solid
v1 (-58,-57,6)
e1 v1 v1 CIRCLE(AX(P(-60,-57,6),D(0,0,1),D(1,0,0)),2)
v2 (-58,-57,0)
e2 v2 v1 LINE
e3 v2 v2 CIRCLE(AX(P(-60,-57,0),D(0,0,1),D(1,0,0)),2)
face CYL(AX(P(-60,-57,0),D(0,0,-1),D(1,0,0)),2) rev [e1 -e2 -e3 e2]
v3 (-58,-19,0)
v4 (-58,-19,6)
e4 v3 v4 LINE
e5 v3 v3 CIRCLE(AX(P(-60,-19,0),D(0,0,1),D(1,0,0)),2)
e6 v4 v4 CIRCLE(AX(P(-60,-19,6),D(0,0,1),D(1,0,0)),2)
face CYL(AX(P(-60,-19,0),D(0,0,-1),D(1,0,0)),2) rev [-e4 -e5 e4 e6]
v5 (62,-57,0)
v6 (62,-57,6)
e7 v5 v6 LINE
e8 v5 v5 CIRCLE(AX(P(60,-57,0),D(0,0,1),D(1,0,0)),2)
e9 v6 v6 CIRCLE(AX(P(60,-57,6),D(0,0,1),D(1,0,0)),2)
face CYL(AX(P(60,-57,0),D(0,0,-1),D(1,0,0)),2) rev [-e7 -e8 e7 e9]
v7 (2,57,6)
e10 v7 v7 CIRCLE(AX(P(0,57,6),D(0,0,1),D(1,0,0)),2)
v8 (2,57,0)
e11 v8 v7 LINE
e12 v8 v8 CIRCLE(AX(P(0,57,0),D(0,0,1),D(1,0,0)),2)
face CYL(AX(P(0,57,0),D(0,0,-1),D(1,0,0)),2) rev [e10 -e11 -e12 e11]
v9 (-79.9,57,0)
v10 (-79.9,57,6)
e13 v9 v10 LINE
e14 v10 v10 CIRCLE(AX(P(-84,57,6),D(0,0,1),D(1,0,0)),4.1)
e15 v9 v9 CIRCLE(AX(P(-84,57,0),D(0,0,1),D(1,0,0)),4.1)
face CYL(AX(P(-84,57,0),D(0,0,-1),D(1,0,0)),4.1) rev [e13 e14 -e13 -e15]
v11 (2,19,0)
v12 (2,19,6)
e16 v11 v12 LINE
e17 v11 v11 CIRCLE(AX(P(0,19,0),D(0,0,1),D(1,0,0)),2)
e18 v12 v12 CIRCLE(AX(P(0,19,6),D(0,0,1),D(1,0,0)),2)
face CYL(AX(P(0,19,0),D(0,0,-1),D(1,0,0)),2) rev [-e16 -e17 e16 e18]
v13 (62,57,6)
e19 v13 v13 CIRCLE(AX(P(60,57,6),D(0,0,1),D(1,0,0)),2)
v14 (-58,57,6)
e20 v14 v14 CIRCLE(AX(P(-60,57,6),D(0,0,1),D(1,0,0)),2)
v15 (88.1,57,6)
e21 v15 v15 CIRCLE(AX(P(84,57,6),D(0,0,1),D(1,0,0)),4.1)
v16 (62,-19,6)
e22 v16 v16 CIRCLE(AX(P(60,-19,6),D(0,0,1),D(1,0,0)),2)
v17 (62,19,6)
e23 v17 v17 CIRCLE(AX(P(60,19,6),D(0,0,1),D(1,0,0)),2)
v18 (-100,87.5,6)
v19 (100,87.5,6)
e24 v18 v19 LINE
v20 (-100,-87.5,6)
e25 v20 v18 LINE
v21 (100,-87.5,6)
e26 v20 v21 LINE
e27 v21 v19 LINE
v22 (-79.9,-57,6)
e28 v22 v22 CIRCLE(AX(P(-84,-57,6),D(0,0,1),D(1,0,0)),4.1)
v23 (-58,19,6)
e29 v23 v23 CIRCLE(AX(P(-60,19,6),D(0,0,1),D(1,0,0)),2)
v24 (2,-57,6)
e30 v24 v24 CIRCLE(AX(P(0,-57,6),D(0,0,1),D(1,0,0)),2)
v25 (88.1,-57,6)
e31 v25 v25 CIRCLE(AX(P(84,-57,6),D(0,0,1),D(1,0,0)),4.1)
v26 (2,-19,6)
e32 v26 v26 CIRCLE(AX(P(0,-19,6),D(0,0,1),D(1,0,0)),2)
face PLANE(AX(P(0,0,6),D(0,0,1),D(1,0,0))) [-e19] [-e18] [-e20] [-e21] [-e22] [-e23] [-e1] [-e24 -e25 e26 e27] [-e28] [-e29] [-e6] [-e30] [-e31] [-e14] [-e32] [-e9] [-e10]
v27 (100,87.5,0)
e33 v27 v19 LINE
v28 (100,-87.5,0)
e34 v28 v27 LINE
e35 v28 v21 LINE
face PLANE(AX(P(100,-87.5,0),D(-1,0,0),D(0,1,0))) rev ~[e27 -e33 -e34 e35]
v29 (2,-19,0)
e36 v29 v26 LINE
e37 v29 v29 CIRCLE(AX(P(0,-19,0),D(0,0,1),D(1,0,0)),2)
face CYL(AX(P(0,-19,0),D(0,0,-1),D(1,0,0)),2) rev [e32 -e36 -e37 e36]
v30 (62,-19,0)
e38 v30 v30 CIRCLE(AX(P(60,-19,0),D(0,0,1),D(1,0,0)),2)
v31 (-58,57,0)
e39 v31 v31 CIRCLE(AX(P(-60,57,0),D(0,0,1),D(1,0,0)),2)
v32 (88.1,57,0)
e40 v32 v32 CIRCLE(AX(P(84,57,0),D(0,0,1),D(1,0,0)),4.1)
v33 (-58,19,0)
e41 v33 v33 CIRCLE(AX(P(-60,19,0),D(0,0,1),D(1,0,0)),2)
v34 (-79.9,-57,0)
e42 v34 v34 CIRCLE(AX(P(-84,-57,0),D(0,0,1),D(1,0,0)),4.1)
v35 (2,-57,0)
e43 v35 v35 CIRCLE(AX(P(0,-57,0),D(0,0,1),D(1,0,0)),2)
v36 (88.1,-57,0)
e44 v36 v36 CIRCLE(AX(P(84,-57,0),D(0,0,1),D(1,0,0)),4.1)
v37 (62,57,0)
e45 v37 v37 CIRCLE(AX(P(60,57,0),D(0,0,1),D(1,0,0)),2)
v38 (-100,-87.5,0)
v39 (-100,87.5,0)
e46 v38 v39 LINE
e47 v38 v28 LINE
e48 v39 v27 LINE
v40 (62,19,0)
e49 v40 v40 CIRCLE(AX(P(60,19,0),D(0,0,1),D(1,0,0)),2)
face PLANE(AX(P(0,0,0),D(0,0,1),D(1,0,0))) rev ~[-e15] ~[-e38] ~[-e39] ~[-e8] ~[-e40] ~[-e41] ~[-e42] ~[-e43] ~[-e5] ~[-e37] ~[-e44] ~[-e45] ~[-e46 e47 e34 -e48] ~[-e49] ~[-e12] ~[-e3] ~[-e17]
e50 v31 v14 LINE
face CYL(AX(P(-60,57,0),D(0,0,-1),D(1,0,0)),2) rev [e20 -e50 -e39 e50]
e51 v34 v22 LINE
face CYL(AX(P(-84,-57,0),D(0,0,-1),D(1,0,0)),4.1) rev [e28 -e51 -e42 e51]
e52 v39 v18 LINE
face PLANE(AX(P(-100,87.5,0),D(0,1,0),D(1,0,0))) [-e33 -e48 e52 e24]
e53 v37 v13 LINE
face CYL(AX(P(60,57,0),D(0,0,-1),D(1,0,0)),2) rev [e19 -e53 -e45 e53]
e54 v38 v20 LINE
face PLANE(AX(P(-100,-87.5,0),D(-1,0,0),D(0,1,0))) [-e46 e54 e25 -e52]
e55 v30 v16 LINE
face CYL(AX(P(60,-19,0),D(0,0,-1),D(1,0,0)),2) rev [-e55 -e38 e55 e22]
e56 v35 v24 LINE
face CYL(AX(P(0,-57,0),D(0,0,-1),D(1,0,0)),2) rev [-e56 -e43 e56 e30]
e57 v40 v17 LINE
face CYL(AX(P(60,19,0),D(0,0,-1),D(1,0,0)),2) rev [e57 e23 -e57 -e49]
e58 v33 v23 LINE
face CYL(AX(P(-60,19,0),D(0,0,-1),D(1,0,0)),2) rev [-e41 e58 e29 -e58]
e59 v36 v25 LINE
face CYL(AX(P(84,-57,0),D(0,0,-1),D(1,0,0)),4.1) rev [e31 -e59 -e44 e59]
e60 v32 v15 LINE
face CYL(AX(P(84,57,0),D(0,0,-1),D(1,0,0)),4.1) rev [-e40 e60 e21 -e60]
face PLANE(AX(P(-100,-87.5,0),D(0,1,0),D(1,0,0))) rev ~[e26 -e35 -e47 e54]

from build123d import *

# Parameters (mm, degrees)
F0_W     = 200
F0_H     = 175
F0_R     = 4.1
F0_R_2   = 2
F1_DEPTH = 6


with BuildPart() as f1:
    # F0 (on Top) → F1 (new body)
    with BuildSketch(Plane.XY):
        Rectangle(F0_W, F0_H)
        with Locations((-84, -57)):
            Circle(F0_R, mode=Mode.SUBTRACT)
        with Locations((-60, -57)):
            Circle(F0_R_2, mode=Mode.SUBTRACT)
        with Locations((-60, -19)):
            Circle(F0_R_2, mode=Mode.SUBTRACT)
        with Locations((0, -57)):
            Circle(F0_R_2, mode=Mode.SUBTRACT)
        with Locations((60, -57)):
            Circle(F0_R_2, mode=Mode.SUBTRACT)
        with Locations((84, -57)):
            Circle(F0_R, mode=Mode.SUBTRACT)
        with Locations((0, -19)):
            Circle(F0_R_2, mode=Mode.SUBTRACT)
        with Locations((60, -19)):
            Circle(F0_R_2, mode=Mode.SUBTRACT)
        with Locations((-60, 19)):
            Circle(F0_R_2, mode=Mode.SUBTRACT)
        with Locations((-84, 57)):
            Circle(F0_R, mode=Mode.SUBTRACT)
        with Locations((-60, 57)):
            Circle(F0_R_2, mode=Mode.SUBTRACT)
        with Locations((0, 19)):
            Circle(F0_R_2, mode=Mode.SUBTRACT)
        with Locations((60, 19)):
            Circle(F0_R_2, mode=Mode.SUBTRACT)
        with Locations((0, 57)):
            Circle(F0_R_2, mode=Mode.SUBTRACT)
        with Locations((60, 57)):
            Circle(F0_R_2, mode=Mode.SUBTRACT)
        with Locations((84, 57)):
            Circle(F0_R, mode=Mode.SUBTRACT)
    extrude(amount=F1_DEPTH)


solid = f1.part
